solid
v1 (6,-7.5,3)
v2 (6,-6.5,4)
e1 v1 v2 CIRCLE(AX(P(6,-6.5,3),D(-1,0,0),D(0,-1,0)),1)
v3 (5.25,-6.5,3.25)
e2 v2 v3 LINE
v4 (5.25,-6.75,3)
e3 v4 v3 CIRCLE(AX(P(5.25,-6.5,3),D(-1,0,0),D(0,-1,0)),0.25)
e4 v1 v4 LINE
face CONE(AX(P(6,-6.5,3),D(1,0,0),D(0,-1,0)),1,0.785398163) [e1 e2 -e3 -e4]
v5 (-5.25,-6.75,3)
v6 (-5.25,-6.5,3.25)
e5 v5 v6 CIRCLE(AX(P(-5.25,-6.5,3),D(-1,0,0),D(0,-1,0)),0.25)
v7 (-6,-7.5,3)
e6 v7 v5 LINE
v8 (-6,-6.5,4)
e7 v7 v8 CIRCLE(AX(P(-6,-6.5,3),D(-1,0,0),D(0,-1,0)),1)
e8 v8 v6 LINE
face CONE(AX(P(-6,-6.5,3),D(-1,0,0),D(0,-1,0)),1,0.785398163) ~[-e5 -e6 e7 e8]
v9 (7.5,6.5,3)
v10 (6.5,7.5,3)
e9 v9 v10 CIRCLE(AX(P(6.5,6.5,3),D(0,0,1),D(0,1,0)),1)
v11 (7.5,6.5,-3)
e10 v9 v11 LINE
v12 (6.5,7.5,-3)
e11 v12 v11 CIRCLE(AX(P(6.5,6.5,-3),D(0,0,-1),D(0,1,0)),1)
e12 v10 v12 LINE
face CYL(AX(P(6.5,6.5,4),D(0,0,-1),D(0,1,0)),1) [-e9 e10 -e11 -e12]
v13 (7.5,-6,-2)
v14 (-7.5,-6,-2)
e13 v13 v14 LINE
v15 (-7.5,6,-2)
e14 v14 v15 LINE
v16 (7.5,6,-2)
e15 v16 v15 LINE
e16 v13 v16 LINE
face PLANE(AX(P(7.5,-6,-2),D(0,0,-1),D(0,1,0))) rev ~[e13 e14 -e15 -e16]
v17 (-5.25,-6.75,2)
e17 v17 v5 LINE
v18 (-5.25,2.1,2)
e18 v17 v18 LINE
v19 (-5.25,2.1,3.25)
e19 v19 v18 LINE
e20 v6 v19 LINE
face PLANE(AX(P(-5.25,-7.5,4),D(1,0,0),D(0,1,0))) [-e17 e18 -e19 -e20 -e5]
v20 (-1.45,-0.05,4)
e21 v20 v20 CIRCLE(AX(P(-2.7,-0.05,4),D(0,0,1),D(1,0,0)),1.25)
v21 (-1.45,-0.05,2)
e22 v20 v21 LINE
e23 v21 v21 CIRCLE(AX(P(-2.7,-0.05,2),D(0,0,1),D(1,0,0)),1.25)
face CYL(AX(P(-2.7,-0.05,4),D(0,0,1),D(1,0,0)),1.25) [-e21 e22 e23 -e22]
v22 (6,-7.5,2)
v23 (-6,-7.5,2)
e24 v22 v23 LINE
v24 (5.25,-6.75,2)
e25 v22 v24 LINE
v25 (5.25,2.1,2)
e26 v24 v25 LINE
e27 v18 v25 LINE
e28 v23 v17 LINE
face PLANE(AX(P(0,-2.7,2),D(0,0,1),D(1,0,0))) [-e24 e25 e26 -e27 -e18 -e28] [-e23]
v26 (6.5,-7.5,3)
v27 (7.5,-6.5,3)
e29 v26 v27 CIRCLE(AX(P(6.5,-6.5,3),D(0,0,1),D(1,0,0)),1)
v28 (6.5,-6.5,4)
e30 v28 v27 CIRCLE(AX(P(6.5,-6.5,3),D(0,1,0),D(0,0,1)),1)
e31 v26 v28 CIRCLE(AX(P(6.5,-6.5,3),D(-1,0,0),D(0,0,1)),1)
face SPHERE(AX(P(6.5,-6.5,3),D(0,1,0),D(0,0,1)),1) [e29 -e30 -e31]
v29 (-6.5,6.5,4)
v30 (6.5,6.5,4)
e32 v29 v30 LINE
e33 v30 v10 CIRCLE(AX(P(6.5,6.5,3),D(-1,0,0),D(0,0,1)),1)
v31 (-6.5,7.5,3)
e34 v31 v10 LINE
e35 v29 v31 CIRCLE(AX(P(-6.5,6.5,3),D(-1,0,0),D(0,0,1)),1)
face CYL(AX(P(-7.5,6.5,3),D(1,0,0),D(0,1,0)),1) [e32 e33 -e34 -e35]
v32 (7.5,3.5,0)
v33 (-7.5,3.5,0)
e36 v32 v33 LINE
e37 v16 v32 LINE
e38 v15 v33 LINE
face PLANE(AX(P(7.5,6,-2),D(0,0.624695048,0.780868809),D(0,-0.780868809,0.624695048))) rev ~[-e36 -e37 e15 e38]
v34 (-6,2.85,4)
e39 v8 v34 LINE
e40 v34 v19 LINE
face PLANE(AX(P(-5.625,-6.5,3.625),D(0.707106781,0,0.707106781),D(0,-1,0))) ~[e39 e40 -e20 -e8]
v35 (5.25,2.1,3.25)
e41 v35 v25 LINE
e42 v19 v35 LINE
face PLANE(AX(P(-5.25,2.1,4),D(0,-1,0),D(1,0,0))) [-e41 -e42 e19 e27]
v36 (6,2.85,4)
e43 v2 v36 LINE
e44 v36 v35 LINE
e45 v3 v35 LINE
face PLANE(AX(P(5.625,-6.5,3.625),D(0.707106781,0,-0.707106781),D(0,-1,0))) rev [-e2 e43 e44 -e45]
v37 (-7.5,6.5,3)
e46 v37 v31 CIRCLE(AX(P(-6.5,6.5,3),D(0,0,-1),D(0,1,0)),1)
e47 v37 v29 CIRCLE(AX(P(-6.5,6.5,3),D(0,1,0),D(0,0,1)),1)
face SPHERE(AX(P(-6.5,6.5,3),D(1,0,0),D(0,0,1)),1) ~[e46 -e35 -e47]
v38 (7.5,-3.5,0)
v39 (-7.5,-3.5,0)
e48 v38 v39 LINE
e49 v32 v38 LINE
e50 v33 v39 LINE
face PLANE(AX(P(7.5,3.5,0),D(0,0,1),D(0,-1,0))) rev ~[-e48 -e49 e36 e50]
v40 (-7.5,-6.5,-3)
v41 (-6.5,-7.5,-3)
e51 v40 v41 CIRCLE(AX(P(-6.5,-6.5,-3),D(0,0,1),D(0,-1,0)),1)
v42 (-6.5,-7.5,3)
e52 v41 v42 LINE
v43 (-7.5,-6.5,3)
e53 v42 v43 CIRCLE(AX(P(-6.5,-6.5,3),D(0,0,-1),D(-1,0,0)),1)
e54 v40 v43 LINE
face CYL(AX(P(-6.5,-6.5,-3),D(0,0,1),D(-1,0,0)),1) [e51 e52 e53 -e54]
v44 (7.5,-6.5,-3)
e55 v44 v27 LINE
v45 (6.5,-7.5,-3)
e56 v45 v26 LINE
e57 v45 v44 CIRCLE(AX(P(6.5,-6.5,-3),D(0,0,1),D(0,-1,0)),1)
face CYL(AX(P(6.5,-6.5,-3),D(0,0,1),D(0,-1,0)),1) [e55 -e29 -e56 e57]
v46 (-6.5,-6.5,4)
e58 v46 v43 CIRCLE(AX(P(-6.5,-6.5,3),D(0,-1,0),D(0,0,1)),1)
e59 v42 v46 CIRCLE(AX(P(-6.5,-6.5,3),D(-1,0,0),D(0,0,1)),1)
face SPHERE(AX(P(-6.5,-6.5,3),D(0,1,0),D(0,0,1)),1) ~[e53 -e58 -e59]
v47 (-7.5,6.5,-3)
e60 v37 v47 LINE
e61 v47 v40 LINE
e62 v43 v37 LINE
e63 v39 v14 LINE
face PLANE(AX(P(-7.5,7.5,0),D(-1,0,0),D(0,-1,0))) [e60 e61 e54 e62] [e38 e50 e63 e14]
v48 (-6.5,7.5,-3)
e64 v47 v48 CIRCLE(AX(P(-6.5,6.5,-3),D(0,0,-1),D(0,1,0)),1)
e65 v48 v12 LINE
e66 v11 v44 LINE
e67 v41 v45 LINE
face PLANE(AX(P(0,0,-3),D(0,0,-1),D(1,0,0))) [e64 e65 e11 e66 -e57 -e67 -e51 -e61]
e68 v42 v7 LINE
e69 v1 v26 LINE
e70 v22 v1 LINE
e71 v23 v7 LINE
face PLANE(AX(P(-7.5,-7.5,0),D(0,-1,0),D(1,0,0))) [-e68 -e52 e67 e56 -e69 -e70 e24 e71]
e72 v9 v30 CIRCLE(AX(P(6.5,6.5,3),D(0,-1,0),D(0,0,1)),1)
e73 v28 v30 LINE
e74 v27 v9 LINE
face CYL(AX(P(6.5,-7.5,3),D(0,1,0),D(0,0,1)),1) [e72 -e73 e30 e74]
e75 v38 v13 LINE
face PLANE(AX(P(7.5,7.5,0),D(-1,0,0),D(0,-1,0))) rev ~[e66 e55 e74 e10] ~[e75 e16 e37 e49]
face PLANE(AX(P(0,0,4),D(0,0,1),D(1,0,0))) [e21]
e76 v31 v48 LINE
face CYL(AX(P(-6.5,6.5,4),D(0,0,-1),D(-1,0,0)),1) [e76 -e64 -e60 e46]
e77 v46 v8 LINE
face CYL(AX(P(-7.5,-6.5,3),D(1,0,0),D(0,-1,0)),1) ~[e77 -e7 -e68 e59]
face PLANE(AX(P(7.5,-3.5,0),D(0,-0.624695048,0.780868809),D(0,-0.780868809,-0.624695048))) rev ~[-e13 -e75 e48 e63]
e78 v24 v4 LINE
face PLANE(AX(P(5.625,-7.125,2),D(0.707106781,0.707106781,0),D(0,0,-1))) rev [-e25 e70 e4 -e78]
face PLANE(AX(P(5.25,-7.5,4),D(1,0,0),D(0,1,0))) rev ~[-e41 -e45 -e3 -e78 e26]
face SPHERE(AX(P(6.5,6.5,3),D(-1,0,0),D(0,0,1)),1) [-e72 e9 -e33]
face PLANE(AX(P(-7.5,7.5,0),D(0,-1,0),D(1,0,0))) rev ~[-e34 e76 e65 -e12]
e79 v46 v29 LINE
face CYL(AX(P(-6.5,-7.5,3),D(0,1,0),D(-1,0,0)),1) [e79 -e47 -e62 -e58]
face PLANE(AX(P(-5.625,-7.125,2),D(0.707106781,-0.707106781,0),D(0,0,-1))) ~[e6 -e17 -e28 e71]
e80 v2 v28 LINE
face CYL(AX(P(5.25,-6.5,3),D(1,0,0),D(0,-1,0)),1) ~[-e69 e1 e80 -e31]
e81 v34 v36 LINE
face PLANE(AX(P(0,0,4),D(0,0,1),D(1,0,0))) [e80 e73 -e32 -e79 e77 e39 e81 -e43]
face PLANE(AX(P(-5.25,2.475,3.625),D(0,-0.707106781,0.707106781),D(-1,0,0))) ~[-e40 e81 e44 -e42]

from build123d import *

# Parameters (mm, degrees)
F0_W     = 15
F0_H     = 15
F1_DEPTH = 4
F2_W     = 10.5
F2_H     = 9.6
F2_R     = 1.25
F3_DEPTH = 2
F4_W     = 15
F4_H     = 15
F5_DEPTH = 3
F7_DEPTH = 15
F8_R     = 1
F9_SIZE  = 0.75


with BuildPart() as f1:
    # F0 (on Top) → F1 (new body)
    with BuildSketch(Plane.XY):
        Rectangle(F0_W, F0_H)
    extrude(amount=F1_DEPTH)

    # F2 (on face) → F3 (cut)
    with BuildSketch(Plane.XY.offset(4)):
        with Locations((0, -2.7)):
            Rectangle(F2_W, F2_H)
        with Locations((-2.7, -0.05)):
            Circle(F2_R, mode=Mode.SUBTRACT)
    extrude(amount=-F3_DEPTH, mode=Mode.SUBTRACT)

    # F4 (on face) → F5 (join)
    with BuildSketch(Plane(origin=(0, 0, 0), x_dir=(1, 0, 0), z_dir=(0, 0, -1))):
        Rectangle(F4_W, F4_H)
    extrude(amount=F5_DEPTH)

    # F6 (on face) → F7 (cut, through all)
    with BuildSketch(Plane.YZ.offset(7.5)):
        Polygon((-3.5, 0), (-6, -2), (6, -2), (3.5, 0), align=None)
    extrude(amount=-F7_DEPTH, mode=Mode.SUBTRACT)

    # F8
    f8_edges = [f1.edges().sort_by_distance(p)[0] for p in [
        (0, 7.5, 4),
        (-7.5, 0, 4),
        (7.5, 0, 4),
        (-6.375, -7.5, 4),
        (6.375, -7.5, 4),
        (-7.5, 7.5, 0.5),
        (-7.5, -7.5, 0.5),
        (7.5, -7.5, 0.5),
        (7.5, 7.5, 0.5),
    ]]
    fillet(f8_edges, radius=F8_R)

    # F9
    f9_edges = [f1.edges().sort_by_distance(p)[0] for p in [
        (5.25, -2.2, 4),
        (0, 2.1, 4),
        (-5.25, -2.2, 4),
    ]]
    chamfer(f9_edges, length=F9_SIZE)


solid = f1.part
